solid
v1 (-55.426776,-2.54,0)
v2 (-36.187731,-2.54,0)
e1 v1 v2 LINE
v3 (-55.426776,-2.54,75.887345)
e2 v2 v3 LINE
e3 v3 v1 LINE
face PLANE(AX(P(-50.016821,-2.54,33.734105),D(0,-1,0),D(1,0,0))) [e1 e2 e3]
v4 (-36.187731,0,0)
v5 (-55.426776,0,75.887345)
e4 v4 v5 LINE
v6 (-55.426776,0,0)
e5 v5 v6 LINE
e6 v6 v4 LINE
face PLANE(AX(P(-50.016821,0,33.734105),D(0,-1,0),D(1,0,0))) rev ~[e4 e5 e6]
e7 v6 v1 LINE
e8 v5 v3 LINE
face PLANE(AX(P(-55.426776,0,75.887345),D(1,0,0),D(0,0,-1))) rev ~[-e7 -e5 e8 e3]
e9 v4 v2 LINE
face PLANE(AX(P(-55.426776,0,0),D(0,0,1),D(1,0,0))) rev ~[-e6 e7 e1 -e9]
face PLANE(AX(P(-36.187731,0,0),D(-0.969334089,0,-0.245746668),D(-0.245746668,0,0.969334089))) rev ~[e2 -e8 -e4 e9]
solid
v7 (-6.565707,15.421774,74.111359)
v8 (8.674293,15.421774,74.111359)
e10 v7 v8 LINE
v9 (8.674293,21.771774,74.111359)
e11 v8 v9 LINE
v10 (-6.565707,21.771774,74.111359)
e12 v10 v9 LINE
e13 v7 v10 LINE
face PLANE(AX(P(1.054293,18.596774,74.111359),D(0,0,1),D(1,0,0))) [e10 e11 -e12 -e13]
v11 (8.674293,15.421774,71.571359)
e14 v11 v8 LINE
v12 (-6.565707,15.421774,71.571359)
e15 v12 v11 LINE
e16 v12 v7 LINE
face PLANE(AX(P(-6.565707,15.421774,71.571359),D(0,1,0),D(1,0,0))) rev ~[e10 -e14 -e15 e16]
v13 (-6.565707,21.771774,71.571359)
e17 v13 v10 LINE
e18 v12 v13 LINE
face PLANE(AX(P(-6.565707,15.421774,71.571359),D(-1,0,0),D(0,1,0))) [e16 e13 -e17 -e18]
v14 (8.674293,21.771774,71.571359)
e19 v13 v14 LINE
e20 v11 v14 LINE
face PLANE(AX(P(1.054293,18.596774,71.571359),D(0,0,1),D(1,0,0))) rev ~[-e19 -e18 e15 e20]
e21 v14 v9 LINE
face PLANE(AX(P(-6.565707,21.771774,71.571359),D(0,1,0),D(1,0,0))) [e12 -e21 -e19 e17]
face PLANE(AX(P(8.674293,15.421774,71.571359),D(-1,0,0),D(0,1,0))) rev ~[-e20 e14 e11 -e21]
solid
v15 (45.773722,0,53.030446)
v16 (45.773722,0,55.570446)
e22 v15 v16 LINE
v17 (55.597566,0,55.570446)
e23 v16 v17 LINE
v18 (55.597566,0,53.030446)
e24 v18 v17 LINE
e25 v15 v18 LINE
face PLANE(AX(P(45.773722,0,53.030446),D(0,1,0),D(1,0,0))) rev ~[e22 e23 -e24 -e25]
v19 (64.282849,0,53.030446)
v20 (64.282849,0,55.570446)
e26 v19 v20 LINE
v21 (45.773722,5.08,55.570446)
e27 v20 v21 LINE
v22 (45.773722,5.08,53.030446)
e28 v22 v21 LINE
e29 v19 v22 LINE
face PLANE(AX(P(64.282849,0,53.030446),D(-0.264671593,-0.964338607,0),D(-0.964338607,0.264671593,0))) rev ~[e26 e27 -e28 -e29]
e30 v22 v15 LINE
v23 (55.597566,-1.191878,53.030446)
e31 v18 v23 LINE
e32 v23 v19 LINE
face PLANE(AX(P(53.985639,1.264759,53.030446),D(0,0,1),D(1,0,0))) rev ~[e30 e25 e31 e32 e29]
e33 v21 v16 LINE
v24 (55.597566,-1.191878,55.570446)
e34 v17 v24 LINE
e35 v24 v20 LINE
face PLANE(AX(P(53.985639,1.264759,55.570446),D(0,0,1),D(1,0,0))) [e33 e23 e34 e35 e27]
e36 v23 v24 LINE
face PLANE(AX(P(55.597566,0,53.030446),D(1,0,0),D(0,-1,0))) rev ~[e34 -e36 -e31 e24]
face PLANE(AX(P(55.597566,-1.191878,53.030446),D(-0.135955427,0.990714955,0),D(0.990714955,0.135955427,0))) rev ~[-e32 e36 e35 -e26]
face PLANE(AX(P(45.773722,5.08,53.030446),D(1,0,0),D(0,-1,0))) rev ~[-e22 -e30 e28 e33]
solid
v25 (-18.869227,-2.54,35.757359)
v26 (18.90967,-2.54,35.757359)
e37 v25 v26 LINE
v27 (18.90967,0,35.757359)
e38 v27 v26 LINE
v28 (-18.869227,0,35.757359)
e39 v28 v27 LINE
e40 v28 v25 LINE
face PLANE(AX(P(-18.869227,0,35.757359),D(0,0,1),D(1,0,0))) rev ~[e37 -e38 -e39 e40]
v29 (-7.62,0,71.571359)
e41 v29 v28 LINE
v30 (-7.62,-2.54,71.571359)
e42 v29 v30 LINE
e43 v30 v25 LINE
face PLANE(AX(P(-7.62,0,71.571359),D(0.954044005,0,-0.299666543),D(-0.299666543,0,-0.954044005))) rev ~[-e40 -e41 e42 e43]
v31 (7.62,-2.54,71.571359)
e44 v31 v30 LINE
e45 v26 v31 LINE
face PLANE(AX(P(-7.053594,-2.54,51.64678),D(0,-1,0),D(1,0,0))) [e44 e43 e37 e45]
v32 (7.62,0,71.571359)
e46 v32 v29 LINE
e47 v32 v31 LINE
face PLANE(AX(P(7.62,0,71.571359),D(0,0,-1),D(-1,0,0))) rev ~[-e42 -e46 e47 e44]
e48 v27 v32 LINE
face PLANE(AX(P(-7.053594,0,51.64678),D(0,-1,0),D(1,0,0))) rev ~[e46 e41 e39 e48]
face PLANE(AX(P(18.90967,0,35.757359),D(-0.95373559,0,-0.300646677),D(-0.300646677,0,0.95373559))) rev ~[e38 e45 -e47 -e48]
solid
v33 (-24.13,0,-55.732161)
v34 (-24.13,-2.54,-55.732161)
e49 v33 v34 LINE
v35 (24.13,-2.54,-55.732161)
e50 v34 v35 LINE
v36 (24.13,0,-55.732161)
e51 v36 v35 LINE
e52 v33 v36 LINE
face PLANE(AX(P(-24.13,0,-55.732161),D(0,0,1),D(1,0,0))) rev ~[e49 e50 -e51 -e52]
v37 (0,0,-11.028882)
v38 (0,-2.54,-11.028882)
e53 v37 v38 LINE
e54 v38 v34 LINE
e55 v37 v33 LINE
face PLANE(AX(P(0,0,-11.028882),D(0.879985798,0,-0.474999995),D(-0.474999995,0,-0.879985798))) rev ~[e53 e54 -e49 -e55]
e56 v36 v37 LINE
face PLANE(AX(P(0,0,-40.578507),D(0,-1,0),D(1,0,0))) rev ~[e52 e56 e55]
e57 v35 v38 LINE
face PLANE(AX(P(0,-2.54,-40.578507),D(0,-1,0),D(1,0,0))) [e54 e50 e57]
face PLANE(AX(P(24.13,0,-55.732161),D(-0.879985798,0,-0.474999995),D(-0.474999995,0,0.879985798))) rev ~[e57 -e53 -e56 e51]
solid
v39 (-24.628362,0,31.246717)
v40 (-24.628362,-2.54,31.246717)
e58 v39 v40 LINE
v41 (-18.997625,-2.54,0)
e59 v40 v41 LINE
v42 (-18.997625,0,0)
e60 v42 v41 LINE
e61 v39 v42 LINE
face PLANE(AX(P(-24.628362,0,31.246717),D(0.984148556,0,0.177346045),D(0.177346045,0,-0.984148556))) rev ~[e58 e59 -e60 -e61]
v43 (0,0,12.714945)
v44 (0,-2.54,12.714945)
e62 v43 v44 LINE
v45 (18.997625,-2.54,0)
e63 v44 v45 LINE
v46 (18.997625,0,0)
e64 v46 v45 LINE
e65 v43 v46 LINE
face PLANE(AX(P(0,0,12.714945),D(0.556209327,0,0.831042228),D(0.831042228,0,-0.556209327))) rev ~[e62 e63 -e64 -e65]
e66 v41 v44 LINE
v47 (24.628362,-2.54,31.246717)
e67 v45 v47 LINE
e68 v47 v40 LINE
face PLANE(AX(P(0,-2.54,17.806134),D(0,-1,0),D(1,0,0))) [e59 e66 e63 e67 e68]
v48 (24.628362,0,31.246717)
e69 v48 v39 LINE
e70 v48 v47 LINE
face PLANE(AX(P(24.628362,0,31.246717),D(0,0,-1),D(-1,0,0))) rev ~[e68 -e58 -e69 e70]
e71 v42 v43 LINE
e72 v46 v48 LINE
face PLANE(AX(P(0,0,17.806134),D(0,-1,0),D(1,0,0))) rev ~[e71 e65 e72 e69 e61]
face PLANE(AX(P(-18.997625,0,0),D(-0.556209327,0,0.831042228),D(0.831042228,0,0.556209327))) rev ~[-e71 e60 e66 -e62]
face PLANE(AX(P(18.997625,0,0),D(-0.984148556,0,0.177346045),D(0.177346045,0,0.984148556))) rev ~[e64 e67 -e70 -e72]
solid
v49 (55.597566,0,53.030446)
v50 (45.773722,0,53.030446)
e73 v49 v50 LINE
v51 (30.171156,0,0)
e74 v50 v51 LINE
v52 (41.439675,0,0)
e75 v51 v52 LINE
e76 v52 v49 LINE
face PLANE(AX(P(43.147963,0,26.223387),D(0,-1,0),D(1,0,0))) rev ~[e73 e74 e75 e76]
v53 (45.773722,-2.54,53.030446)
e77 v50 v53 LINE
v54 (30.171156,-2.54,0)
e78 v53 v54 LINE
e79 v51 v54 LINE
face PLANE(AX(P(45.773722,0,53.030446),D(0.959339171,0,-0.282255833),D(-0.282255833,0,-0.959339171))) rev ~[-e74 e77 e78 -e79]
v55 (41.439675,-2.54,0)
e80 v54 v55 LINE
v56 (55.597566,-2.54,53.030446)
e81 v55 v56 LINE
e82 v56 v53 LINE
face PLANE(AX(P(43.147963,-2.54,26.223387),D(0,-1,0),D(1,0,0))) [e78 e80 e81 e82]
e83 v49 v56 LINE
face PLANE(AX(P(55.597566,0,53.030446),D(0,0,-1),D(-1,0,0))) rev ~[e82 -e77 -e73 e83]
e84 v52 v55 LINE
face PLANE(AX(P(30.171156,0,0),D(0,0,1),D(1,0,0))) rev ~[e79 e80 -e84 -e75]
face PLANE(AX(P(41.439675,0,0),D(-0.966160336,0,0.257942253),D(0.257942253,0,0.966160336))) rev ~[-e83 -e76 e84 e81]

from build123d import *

# Parameters (mm, degrees)
F1_DEPTH  = 2.54
F3_DEPTH  = 2.54
F5_DEPTH  = 2.54
F6_W      = 15.24
F6_H      = 6.35
F7_DEPTH  = 2.54
F9_DEPTH  = 2.54
F11_DEPTH = 2.54
F13_DEPTH = 2.54


with BuildPart() as f1:
    # F0 (on Front) → F1 (new body)
    with BuildSketch(Plane.XZ):
        Polygon((-18.997625, 0), (0, 12.714945), (18.997625, 0), (24.628362, 31.246717), (-24.628362, 31.246717), align=None)
    extrude(amount=F1_DEPTH)


with BuildPart() as f3:
    # F2 (on Front) → F3 (new body)
    with BuildSketch(Plane.XZ):
        Polygon((-24.13, -55.732161), (0, -55.732161), (24.13, -55.732161), (0, -11.028882), align=None)
    extrude(amount=F3_DEPTH)


with BuildPart() as f5:
    # F4 (on Front) → F5 (new body)
    with BuildSketch(Plane.XZ):
        Polygon((-7.62, 71.571359), (-18.869227, 35.757359), (0, 35.757359), (0, 71.571359), align=None)
        Polygon((0, 71.571359), (0, 35.757359), (18.90967, 35.757359), (7.62, 71.571359), align=None)
    extrude(amount=F5_DEPTH)


with BuildPart() as f7:
    # F6 (on face) → F7 (new body)
    with BuildSketch(Plane.XY.offset(71.571359)):
        with Locations((1.054293, 18.596774)):
            Rectangle(F6_W, F6_H)
    extrude(amount=F7_DEPTH)


with BuildPart() as f9:
    # F8 (on Front) → F9 (new body)
    with BuildSketch(Plane.XZ):
        Polygon((45.773722, 53.030446), (30.171156, 0), (41.439675, 0), (55.597566, 53.030446), align=None)
    extrude(amount=F9_DEPTH)


with BuildPart() as f11:
    # F10 (on face) → F11 (new body)
    with BuildSketch(Plane.XY.offset(53.030446)):
        Polygon((45.773722, 5.08), (45.773722, 0), (55.597566, 0), (55.597566, -1.191878), (64.282849, 0), align=None)
    extrude(amount=F11_DEPTH)


with BuildPart() as f13:
    # F12 (on Front) → F13 (new body)
    with BuildSketch(Plane.XZ):
        Polygon((-55.426776, 0), (-36.187731, 0), (-55.426776, 75.887345), align=None)
    extrude(amount=F13_DEPTH)


solid = Compound([f1.part, f3.part, f5.part, f7.part, f9.part, f11.part, f13.part])
